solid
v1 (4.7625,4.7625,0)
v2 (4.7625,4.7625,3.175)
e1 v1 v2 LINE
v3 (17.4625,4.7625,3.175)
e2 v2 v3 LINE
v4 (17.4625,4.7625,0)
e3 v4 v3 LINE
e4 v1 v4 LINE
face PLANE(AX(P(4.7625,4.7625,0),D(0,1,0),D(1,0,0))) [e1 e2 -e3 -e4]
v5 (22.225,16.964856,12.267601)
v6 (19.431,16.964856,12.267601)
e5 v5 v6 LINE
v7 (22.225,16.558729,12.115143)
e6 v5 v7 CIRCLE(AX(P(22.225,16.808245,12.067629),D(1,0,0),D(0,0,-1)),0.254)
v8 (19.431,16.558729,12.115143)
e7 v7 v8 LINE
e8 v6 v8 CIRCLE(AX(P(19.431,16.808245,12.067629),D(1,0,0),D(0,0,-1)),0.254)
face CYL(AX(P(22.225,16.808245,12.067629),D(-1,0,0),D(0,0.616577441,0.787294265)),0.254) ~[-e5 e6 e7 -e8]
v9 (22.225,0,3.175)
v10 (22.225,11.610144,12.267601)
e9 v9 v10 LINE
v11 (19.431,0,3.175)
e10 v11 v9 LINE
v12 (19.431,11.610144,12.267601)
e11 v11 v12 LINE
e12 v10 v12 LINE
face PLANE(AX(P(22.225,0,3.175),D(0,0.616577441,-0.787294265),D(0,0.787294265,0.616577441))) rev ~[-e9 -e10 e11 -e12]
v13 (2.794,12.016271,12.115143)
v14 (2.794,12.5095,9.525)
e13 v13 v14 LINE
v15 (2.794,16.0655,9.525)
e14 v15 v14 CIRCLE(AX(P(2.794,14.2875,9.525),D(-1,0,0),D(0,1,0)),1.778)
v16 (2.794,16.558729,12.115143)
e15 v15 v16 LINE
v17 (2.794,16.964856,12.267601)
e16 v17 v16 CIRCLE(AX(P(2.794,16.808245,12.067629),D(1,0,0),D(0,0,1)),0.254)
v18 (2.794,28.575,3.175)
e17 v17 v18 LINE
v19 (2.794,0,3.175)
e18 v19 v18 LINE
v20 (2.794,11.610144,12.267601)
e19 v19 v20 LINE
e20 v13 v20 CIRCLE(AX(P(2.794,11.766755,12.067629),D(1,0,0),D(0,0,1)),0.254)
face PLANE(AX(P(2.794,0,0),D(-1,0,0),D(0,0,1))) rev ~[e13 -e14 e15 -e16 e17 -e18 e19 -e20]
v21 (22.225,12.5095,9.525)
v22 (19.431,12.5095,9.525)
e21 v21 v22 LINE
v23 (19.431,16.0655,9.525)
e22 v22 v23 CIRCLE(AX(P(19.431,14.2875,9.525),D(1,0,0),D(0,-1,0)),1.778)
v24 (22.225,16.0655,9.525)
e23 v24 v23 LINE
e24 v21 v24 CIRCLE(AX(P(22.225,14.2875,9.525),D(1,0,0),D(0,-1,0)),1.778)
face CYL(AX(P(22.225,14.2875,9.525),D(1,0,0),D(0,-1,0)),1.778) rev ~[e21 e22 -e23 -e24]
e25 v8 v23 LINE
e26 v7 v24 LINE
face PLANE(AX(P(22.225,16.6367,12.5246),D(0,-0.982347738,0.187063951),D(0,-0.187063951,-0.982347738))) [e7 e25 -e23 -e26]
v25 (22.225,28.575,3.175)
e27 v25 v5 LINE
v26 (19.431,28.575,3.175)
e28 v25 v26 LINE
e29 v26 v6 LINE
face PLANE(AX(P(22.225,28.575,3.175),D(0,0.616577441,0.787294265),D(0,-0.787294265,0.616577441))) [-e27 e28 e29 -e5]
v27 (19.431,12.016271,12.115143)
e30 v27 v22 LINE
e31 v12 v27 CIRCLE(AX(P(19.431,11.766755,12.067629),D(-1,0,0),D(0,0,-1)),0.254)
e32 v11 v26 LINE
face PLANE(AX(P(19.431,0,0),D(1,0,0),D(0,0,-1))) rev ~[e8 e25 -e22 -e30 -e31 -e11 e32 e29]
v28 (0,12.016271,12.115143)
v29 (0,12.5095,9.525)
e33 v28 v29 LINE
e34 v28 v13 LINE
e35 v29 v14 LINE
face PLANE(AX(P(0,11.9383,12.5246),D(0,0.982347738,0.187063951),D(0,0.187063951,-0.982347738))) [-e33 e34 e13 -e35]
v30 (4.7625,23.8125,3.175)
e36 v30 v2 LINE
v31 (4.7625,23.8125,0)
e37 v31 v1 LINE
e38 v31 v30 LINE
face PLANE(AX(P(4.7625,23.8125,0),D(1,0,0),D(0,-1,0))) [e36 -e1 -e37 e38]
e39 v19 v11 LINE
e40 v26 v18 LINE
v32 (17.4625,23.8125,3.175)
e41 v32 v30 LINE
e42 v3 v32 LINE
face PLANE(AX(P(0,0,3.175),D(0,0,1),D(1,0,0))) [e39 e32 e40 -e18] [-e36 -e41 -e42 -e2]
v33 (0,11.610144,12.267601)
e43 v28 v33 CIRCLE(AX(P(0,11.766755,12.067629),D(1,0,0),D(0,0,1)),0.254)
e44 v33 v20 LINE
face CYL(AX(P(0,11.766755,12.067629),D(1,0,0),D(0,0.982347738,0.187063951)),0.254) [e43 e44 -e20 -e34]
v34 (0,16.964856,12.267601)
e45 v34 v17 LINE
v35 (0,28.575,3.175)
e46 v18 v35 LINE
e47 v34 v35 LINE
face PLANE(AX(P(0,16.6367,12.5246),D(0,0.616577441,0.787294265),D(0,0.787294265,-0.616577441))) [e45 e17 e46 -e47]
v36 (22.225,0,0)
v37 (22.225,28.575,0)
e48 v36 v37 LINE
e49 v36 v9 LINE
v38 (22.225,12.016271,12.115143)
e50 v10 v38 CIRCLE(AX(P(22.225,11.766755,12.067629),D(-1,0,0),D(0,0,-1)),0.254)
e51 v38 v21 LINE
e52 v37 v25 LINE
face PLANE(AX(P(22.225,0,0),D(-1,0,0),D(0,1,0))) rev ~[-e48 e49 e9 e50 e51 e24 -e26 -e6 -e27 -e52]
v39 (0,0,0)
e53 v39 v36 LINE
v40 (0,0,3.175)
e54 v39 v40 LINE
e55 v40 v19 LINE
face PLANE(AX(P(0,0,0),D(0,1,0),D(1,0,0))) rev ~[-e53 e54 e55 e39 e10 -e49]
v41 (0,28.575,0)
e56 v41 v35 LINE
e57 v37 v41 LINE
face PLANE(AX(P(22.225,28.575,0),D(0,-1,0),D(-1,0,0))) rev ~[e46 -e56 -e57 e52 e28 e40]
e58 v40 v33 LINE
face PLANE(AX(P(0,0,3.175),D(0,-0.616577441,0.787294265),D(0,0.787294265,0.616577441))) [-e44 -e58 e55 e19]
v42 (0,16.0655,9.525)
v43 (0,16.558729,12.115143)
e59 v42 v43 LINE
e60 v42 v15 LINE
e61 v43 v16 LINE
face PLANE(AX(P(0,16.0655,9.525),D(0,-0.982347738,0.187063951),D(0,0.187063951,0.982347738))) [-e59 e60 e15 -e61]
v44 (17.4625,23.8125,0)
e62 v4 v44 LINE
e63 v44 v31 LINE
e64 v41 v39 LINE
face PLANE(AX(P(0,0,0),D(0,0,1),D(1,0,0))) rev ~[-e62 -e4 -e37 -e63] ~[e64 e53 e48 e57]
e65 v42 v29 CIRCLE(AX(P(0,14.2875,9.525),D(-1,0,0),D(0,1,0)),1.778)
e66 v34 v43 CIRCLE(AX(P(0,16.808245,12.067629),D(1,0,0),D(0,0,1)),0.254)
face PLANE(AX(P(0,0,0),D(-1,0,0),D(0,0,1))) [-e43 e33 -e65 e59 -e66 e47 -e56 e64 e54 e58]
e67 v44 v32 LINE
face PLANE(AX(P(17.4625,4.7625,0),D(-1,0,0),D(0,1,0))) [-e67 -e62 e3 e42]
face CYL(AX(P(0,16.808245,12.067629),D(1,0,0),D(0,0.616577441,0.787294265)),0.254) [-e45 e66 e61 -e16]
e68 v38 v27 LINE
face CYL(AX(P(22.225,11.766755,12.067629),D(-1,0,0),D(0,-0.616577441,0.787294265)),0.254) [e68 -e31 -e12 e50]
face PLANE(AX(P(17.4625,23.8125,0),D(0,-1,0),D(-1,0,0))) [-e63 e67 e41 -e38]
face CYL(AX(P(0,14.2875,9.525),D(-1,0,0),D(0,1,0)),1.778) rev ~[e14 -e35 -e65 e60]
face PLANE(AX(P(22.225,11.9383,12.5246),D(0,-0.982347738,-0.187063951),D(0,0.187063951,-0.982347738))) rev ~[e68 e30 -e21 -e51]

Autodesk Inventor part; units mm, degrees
ref_plane "YZ Plane" through (0, 0, 0) normal (1, 0, 0) x (0, 1, 0)
ref_plane "XZ Plane" through (0, 0, 0) normal (0, 1, 0) x (-1, 0, 0)
ref_plane "XY Plane" through (0, 0, 0) normal (0, 0, 1) x (1, 0, 0)
sketch "Sketch1" plane through (0, 0, 0) normal (0, 0, 1) x (1, 0, 0)
  line L0 (0, 0) -> (22.225, 0)
  line L1 (22.225, 0) -> (22.225, 28.575)
  line L2 (22.225, 28.575) -> (0, 28.575)
  line L3 (0, 28.575) -> (0, 0)
  line L4 (4.7625, 4.7625) -> (17.4625, 4.7625)
  line L5 (17.4625, 4.7625) -> (17.4625, 23.8125)
  line L6 (17.4625, 23.8125) -> (4.7625, 23.8125)
  line L7 (4.7625, 23.8125) -> (4.7625, 4.7625)
  point P0 (17.4625, 14.2875)
  point P1 (22.225, 14.2875)
  point P2 (11.1125, 23.8125)
  point P3 (11.1125, 28.575)
  dimension "d0" = 22.225
  dimension "d1" = 28.575
  dimension "d2" = 19.05
  dimension "d3" = 12.7
extrude "Extrusion1" add sketch "Sketch1" along normal blind 3.175
sketch "Sketch2" plane through (22.225, 0, 0) normal (1, 0, 0) x (0, 0, -1)
  line L0 (-3.175, 0) -> (-3.175, 28.575) projected
  arc A0 (-9.525, 12.5095) -> (-9.525, 16.0655) centre (-9.525, 14.2875) ccw
  arc A1 (-12.5246, 11.9383) -> (-12.5246, 16.6367) centre (-9.525, 14.2875) ccw
  line L1 (-3.175, 28.575) -> (-12.5246, 16.6367)
  line L2 (-3.175, 0) -> (-12.5246, 11.9383)
  line L3 (-12.5246, 11.9383) -> (-9.525, 12.5095)
  line L4 (-12.5246, 16.6367) -> (-9.525, 16.0655)
  point P0 (0, 0)
  point P1 (-3.175, 14.2875)
  dimension "d6" = 3.556
  dimension "d7" = 6.35
  dimension "d8" = 7.62
extrude "Extrusion2" add sketch "Sketch2" against normal blind 2.794
sketch "Sketch3" plane through (0, 0, 0) normal (-1, 0, 0) x (0, 0, 1)
  line L0 (3.175, 0) -> (3.175, 28.575) projected
  line L1 (3.175, 0) -> (12.5246, 11.9383) projected
  line L2 (12.5246, 11.9383) -> (9.525, 12.5095) projected
  arc A0 (9.525, 16.0655) -> (9.525, 12.5095) centre (9.525, 14.2875) ccw projected
  line L3 (9.525, 16.0655) -> (12.5246, 16.6367) projected
  line L4 (12.5246, 16.6367) -> (3.175, 28.575) projected
  point P0 (0, 0)
extrude "Extrusion3" add sketch "Sketch3" against normal blind 2.794
fillet "Fillet1" radius 0.254 4 edges at (1.397, 16.6367, 12.5246) (1.397, 11.9383, 12.5246) (20.828, 16.6367, 12.5246) (20.828, 11.9383, 12.5246)
properties part number "switchHolder"
